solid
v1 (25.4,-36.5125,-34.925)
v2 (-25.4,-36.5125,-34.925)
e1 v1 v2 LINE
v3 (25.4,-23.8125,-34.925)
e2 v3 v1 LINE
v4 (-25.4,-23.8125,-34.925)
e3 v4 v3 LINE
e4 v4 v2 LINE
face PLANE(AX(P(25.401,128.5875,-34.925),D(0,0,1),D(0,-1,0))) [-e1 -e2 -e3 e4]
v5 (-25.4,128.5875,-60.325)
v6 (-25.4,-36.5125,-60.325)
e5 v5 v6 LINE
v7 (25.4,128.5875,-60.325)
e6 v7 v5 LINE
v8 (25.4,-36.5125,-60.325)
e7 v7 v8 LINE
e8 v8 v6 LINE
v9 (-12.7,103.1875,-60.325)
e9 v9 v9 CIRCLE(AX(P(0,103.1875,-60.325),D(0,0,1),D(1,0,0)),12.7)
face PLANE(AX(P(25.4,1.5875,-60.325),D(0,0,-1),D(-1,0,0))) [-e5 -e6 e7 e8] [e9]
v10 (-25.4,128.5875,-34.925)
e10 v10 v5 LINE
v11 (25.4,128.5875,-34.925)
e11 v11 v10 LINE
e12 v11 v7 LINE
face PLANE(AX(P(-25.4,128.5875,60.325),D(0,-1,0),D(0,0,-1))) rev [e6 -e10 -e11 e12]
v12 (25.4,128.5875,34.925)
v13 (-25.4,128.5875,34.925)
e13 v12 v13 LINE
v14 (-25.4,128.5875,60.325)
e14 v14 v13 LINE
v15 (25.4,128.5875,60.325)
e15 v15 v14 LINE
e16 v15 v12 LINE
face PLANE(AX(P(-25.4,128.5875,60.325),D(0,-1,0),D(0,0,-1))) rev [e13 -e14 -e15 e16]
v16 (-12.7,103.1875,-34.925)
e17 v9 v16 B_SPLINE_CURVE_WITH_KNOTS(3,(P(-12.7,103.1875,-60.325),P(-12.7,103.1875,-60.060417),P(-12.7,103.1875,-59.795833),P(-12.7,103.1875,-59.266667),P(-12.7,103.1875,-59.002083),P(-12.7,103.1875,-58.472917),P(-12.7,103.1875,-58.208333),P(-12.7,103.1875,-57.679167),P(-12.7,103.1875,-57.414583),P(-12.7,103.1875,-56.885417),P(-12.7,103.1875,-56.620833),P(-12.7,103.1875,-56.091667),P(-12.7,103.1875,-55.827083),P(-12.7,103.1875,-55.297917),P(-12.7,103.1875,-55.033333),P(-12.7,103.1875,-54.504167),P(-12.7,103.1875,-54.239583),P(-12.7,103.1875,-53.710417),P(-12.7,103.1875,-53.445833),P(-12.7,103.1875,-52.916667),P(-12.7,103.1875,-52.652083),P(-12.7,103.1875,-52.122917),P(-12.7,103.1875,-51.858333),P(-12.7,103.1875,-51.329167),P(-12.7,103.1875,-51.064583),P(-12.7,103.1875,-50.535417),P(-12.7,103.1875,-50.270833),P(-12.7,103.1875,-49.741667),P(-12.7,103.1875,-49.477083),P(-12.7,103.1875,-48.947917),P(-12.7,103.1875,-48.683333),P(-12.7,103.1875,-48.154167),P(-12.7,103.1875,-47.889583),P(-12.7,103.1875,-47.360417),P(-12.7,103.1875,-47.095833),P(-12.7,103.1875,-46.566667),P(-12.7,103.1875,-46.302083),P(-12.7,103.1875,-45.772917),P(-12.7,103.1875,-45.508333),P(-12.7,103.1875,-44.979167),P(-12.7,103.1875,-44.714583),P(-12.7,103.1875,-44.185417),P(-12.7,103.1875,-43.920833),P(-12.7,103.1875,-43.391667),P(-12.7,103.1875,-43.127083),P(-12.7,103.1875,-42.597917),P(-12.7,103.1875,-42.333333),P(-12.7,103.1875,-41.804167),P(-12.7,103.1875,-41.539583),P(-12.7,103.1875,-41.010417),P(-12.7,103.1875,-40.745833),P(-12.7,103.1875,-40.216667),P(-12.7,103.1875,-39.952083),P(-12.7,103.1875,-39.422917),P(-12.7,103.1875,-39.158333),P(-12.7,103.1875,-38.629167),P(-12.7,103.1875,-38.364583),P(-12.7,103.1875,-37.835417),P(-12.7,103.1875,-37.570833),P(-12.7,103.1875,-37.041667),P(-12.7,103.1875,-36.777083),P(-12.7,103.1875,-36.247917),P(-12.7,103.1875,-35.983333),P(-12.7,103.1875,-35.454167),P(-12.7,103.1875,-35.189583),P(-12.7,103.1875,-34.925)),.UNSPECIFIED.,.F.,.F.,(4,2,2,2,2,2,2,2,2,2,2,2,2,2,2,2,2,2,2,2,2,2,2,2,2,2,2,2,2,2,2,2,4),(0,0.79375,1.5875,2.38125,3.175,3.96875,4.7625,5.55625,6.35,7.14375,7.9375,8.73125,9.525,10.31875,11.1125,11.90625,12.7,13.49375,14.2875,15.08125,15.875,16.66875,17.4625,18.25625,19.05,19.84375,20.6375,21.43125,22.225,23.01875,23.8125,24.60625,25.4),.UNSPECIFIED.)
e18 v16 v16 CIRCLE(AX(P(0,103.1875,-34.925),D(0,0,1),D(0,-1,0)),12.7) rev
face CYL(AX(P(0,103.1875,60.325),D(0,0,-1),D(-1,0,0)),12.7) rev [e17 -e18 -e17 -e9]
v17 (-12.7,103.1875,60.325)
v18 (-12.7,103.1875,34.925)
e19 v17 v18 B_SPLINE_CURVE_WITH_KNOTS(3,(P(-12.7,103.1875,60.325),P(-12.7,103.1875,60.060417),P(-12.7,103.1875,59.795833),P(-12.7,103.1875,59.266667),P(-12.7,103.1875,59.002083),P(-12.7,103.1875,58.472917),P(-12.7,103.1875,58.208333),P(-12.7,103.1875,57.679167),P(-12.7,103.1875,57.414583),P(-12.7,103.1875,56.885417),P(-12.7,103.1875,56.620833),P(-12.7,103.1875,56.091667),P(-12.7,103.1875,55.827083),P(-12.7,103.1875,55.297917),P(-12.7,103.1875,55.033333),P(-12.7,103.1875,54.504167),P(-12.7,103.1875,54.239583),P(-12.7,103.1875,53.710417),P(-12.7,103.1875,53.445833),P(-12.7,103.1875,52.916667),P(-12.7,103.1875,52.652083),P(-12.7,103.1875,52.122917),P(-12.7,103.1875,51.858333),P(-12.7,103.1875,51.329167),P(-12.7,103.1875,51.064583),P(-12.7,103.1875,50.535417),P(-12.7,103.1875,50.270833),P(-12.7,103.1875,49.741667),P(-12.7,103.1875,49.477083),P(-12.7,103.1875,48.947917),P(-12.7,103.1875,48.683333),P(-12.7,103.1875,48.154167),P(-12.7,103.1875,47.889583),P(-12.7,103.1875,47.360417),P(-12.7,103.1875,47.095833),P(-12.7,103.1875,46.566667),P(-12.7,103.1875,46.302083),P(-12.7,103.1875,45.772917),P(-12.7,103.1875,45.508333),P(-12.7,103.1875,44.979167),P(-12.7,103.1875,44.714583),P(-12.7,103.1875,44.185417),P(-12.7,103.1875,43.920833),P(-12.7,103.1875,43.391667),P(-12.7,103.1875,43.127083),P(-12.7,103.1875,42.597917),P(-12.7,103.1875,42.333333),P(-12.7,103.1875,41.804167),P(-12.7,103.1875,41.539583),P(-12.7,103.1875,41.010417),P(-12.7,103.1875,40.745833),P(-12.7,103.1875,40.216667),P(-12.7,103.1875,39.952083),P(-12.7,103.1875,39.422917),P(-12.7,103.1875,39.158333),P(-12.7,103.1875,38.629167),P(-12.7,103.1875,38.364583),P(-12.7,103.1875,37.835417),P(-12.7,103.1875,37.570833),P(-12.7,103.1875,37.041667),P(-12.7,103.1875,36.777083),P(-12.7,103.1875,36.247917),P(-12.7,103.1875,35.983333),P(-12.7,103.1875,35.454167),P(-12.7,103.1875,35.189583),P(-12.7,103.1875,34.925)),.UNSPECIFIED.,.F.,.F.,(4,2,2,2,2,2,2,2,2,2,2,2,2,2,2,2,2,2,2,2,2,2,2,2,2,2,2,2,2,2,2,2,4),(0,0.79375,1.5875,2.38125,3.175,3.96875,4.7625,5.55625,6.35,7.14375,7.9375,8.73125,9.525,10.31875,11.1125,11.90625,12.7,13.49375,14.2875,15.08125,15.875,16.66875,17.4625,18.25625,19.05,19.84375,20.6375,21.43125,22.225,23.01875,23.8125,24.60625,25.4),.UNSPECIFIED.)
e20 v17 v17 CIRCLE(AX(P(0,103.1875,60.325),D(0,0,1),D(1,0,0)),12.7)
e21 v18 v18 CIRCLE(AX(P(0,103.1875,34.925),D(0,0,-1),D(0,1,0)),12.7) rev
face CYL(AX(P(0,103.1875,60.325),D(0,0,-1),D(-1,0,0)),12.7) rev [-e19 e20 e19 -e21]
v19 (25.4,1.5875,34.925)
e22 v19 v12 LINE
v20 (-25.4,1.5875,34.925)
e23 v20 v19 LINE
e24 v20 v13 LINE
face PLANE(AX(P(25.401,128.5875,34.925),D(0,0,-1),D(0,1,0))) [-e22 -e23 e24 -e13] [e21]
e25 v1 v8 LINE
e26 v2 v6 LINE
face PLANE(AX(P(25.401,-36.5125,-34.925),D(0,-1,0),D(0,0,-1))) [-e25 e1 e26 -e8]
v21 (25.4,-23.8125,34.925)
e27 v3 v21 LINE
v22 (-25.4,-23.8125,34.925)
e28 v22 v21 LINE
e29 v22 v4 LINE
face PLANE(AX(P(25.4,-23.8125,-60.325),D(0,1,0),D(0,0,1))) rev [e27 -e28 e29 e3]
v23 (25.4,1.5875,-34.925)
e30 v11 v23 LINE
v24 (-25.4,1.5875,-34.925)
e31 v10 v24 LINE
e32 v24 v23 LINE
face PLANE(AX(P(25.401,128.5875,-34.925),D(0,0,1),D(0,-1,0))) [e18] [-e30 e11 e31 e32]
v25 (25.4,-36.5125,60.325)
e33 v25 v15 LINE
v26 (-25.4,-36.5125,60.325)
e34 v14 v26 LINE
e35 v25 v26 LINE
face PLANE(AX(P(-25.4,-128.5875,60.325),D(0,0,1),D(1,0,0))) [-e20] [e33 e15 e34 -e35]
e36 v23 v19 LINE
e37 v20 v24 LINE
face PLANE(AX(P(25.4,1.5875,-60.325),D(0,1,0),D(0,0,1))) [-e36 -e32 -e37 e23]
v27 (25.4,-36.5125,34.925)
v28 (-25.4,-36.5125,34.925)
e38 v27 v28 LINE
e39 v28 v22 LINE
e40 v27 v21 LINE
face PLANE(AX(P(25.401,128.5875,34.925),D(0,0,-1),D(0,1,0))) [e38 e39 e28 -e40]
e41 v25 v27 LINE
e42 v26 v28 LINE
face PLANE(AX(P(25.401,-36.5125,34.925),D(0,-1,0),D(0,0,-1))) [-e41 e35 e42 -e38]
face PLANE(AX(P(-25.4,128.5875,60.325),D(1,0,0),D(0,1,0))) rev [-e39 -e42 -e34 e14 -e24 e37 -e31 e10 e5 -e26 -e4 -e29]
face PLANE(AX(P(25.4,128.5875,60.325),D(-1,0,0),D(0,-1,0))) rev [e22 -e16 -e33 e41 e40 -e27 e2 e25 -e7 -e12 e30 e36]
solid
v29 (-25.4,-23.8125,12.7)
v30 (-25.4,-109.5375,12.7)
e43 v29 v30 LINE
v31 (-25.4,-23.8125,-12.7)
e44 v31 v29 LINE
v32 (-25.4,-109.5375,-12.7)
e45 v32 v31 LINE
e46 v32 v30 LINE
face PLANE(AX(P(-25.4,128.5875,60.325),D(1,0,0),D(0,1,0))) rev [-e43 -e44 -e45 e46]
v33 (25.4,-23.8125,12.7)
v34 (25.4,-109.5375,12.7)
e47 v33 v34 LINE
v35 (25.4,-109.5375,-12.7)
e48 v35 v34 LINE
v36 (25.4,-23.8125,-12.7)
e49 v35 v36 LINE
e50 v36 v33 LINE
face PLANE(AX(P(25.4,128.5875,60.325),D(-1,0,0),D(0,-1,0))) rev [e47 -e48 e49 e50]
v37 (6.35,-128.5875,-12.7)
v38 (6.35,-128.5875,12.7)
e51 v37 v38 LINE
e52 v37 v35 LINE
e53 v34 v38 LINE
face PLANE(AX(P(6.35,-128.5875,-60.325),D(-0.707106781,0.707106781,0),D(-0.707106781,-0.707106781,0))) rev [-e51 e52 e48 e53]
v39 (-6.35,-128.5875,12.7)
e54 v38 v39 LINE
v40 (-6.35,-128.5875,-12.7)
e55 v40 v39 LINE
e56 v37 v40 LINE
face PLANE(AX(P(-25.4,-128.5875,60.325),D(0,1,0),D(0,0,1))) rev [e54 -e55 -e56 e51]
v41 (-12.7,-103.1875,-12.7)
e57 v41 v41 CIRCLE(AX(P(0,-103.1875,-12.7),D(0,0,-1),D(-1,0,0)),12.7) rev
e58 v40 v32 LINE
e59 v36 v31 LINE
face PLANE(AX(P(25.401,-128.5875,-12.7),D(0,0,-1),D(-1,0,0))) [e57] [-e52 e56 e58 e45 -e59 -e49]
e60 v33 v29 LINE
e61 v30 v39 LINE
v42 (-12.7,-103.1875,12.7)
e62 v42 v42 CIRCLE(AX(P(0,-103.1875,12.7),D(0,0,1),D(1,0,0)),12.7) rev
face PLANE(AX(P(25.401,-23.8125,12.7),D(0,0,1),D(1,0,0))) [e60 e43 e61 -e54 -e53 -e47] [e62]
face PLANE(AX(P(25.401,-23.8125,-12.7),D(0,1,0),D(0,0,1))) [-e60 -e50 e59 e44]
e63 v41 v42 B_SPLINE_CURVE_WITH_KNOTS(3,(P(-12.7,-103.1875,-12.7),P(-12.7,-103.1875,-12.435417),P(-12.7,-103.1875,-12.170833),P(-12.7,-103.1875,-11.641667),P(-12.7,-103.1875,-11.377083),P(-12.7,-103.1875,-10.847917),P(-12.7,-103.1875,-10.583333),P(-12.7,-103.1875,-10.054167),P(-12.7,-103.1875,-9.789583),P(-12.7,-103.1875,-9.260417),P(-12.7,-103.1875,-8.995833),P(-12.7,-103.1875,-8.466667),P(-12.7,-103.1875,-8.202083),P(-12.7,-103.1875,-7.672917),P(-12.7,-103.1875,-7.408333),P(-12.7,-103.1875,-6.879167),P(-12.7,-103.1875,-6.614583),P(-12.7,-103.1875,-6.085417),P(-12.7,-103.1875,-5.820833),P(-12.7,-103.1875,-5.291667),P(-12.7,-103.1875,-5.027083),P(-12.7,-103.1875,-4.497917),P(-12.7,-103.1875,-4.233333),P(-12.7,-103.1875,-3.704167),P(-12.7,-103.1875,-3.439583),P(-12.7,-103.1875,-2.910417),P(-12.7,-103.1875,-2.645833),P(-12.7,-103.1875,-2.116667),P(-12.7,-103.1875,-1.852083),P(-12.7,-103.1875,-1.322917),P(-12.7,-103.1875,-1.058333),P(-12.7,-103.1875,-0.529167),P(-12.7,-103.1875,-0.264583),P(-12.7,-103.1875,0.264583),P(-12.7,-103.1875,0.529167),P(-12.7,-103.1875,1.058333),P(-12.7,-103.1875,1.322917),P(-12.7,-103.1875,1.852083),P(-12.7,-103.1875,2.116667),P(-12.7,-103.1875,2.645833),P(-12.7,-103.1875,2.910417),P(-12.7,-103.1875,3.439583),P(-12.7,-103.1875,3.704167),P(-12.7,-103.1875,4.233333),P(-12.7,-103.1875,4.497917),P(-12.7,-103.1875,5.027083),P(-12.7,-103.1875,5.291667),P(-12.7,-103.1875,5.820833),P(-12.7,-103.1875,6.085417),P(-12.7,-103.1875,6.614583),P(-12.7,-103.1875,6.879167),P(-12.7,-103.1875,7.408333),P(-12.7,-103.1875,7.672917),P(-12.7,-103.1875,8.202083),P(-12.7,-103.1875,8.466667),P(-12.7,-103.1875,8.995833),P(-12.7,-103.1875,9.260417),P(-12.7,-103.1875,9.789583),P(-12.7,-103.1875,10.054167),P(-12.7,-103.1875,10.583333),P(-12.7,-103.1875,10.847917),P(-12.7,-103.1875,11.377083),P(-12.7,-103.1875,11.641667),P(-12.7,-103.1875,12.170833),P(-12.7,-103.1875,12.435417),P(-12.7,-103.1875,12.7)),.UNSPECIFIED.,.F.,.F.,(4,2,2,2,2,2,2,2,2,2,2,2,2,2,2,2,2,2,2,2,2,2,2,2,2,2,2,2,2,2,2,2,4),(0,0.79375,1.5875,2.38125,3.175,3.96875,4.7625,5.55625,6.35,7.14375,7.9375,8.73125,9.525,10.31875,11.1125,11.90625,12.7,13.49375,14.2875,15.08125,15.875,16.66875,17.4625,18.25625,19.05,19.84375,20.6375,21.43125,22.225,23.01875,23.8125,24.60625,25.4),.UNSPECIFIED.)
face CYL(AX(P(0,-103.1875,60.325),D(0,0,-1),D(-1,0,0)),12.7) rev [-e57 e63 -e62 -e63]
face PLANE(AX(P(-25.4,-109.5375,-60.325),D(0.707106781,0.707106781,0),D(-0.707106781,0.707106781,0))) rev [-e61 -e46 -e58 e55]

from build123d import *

# Parameters (mm, degrees)
SKETCH1_W                      = 50.8
SKETCH1_H                      = 257.175
SKETCH1_R                      = 12.7
EXTRUDE1_DEPTH                 = 60.325
CUT_EXTRUDE1_DEPTH             = 179.146927159
CUT_EXTRUDE2_REACH             = 146.288
CUT_EXTRUDE2_DIRECTION_2_REACH = 146.288
SKETCH4_W                      = 50.8
SKETCH4_H                      = 120.65
EXTRUDE2_DEPTH                 = 25.4


with BuildPart() as part:
    # Sketch1 → Extrude1 (new, symmetric)
    with BuildSketch(Plane.XY):
        Rectangle(SKETCH1_W, SKETCH1_H)
        with Locations(Location((0, 103.1875, 0), (0, 0, 180))):
            Circle(SKETCH1_R, mode=Mode.SUBTRACT)
        with Locations(Location((0, -103.1875, 0), (0, 0, 180))):
            Circle(SKETCH1_R, mode=Mode.SUBTRACT)
    extrude(amount=EXTRUDE1_DEPTH, both=True)

    # Sketch2 → Cut-Extrude1 (cut, through all)
    with BuildSketch(Plane.XY.offset(60.325)):
        Polygon((-25.4, -109.5375), (-6.35, -128.5875), (-25.4, -128.5875), align=None)
        Polygon((25.4, -109.5375), (25.4, -128.5875), (6.35, -128.5875), align=None)
    extrude(amount=-CUT_EXTRUDE1_DEPTH, mode=Mode.SUBTRACT)

    # Sketch3 → Cut-Extrude2 (cut, up to next)
    with BuildSketch(Plane(origin=(0, 0, 0), x_dir=(0, 0, -1), z_dir=(1, 0, 0)), mode=Mode.PRIVATE) as cut_extrude2_sk1:
        Polygon((-34.925, 128.5875), (34.925, 128.5875), (34.925, -36.5125), (60.325, -36.5125), (60.325, -128.5875), (12.7, -128.5875), (12.7, -23.8125), (-12.7, -23.8125), (-12.7, -128.5875), (-60.325, -128.5875), (-60.325, -36.5125), (-34.925, -36.5125), align=None)
    cut_extrude2_tool1 = extrude(cut_extrude2_sk1.sketch, amount=-CUT_EXTRUDE2_REACH, mode=Mode.PRIVATE) & part.part
    add(cut_extrude2_tool1.solids().sort_by_distance((0, -9.175782, 0))[0], mode=Mode.SUBTRACT)

    # Sketch3 → Cut-Extrude2 direction 2 (cut, up to next)
    with BuildSketch(Plane(origin=(0, 0, 0), x_dir=(0, 0, -1), z_dir=(1, 0, 0)), mode=Mode.PRIVATE) as cut_extrude2_direction_2_sk1:
        Polygon((-34.925, 128.5875), (34.925, 128.5875), (34.925, -36.5125), (60.325, -36.5125), (60.325, -128.5875), (12.7, -128.5875), (12.7, -23.8125), (-12.7, -23.8125), (-12.7, -128.5875), (-60.325, -128.5875), (-60.325, -36.5125), (-34.925, -36.5125), align=None)
    cut_extrude2_direction_2_tool1 = extrude(cut_extrude2_direction_2_sk1.sketch, amount=CUT_EXTRUDE2_DIRECTION_2_REACH, mode=Mode.PRIVATE) & part.part
    add(cut_extrude2_direction_2_tool1.solids().sort_by_distance((0, -9.175782, 0))[0], mode=Mode.SUBTRACT)


with BuildPart() as cut_extrude2_piece_1:
    # of the separate pieces the step leaves, piece 1, a body of its own (cut_extrude2_pieces)
    add(part.part.solids().sort_by_distance((-25.4, 128.5875, -60.325))[0])



with BuildPart() as cut_extrude2_piece_2:
    # of the separate pieces the step leaves, piece 2, a body of its own (cut_extrude2_pieces)
    add(part.part.solids().sort_by_distance((-25.4, 128.5875, 34.925))[0])


with BuildPart() as cut_extrude2_piece_3:
    # of the separate pieces the step leaves, piece 3, a body of its own (cut_extrude2_pieces)
    add(part.part.solids().sort_by_distance((-25.4, -109.5375, 12.7))[0])


with BuildPart() as cut_extrude2_piece_1_1:
    add(cut_extrude2_piece_1.part)

    add(cut_extrude2_piece_2.part)  # Extrude2 merges Cut-Extrude2 piece 2
    # Sketch4 → Extrude2 (add)
    with BuildSketch(Plane.XZ.offset(23.8125)):
        Rectangle(SKETCH4_W, SKETCH4_H)
    extrude(amount=-EXTRUDE2_DEPTH)


solid = Compound([cut_extrude2_piece_3.part, cut_extrude2_piece_1_1.part])
